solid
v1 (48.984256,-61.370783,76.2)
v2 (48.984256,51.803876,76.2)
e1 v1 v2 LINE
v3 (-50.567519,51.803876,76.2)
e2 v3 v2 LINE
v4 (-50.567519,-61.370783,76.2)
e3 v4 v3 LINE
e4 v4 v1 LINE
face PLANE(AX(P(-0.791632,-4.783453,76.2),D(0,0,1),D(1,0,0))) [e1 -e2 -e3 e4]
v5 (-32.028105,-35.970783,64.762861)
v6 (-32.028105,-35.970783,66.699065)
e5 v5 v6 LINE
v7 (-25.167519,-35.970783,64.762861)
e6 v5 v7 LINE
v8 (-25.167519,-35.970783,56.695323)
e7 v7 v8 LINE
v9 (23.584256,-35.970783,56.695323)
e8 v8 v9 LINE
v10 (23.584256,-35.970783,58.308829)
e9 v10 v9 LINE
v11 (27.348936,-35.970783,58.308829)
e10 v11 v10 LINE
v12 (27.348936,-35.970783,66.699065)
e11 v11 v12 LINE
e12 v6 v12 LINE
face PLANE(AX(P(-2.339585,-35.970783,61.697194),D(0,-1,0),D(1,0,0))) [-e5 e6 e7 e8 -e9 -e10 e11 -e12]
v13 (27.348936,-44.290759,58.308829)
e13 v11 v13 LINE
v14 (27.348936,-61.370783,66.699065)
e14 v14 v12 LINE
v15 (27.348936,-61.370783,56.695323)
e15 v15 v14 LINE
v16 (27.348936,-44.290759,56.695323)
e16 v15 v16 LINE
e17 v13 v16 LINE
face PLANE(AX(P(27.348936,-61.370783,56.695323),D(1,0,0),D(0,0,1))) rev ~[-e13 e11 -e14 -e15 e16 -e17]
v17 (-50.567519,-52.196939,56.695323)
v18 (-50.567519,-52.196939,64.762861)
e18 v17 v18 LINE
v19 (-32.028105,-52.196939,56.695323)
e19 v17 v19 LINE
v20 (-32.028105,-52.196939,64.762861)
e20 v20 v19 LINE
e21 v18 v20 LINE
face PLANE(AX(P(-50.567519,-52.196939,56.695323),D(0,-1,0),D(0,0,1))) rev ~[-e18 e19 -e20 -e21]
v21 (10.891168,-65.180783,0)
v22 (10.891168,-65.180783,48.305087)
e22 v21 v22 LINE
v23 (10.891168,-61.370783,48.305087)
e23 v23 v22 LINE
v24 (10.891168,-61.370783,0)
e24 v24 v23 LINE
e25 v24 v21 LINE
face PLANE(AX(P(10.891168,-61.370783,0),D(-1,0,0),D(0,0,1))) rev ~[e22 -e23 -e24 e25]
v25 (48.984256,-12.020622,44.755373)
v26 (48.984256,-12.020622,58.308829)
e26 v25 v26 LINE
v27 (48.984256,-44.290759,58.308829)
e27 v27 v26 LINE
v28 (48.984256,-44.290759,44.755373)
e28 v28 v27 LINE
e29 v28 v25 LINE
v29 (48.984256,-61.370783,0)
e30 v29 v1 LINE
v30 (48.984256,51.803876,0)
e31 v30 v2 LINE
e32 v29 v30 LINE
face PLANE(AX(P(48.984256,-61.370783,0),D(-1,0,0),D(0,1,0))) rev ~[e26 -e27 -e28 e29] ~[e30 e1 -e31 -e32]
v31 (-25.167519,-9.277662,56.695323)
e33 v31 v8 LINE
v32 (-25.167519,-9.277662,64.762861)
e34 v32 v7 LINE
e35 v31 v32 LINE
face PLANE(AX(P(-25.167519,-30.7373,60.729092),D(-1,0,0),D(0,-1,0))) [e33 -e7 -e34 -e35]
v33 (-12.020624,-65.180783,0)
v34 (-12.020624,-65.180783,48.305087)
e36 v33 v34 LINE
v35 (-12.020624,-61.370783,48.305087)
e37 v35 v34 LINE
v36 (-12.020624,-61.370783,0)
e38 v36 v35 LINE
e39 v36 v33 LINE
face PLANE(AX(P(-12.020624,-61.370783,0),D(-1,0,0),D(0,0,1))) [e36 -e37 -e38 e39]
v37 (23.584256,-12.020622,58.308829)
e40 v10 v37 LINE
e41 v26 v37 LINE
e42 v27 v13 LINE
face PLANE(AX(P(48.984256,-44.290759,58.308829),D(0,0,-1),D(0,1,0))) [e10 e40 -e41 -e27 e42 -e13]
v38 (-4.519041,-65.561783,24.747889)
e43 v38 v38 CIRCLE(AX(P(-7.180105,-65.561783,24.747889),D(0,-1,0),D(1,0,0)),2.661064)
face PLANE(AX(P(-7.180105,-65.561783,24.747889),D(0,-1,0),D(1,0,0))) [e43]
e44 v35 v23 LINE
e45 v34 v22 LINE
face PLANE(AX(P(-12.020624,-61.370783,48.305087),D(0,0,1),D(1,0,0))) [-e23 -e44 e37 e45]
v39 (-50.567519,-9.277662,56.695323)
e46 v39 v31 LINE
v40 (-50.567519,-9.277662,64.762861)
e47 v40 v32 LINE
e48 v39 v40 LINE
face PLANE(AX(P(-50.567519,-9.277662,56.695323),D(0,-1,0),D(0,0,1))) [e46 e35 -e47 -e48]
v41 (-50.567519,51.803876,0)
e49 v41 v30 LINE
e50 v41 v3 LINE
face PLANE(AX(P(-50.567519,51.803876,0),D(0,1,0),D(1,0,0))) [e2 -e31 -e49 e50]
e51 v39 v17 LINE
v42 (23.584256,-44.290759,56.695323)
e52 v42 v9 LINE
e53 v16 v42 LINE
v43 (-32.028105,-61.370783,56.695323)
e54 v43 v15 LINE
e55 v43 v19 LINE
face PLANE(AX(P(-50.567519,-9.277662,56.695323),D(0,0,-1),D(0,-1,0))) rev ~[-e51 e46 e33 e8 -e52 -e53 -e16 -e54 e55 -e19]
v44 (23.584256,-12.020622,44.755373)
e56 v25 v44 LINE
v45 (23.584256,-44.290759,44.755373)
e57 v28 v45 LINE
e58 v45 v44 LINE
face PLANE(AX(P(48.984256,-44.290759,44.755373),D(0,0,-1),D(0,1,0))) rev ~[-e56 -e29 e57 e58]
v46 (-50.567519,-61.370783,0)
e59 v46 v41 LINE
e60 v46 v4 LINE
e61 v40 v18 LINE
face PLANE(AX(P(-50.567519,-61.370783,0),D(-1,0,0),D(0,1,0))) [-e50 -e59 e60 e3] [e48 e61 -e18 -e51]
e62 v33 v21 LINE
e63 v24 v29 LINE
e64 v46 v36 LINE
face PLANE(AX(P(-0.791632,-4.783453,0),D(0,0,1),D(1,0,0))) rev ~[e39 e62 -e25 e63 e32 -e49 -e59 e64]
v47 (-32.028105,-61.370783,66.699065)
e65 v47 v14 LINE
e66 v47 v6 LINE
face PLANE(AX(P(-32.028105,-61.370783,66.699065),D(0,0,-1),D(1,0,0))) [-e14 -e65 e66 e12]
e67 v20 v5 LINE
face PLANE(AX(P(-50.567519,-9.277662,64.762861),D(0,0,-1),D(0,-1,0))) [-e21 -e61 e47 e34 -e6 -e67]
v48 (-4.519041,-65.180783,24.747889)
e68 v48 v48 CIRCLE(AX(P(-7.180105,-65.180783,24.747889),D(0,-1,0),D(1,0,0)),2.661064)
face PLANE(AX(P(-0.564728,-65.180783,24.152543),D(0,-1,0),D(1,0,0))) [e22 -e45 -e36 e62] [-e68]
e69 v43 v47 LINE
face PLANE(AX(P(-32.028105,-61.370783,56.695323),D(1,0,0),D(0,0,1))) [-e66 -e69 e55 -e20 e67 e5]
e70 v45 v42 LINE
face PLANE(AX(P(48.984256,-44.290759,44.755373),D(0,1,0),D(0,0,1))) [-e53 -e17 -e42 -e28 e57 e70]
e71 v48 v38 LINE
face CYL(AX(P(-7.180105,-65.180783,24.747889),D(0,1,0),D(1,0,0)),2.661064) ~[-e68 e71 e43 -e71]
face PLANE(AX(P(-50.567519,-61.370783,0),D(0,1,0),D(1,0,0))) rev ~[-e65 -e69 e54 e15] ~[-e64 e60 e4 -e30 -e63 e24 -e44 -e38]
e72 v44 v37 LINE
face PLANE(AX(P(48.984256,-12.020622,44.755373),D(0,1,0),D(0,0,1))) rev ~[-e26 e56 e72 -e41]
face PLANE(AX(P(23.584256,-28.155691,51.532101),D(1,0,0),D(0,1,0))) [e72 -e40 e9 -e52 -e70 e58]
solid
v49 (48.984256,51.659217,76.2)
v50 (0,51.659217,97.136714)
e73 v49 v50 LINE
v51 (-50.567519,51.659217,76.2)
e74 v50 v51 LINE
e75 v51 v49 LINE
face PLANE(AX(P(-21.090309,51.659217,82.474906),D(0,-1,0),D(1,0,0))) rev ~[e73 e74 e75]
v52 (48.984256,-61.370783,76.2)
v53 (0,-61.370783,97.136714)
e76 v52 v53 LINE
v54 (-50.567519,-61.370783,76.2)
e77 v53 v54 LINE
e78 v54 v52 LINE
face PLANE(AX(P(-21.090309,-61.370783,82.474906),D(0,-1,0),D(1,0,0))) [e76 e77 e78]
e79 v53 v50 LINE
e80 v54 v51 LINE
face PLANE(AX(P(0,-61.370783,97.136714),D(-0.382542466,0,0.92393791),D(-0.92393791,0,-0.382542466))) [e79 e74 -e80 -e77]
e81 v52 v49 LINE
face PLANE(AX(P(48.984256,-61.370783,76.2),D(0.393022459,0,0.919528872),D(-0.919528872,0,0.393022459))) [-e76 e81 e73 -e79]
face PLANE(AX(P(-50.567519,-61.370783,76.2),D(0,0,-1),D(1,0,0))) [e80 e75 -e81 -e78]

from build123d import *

# Parameters (mm, degrees)
F0_W      = 99.5517745614
F0_H      = 113.1746582687
F1_DEPTH  = 76.2
F3_DEPTH  = 113.03
F5_W      = 32.2701362893
F5_H      = 13.553455472
F6_DEPTH  = 25.4
F4_W      = 22.911792621
F4_H      = 48.3050867915
F7_DEPTH  = 3.81
F8_W      = 59.377040714
F8_H      = 10.0037418306
F9_DEPTH  = 25.4
F10_W     = 42.9192762822
F10_H     = 8.0675370991
F11_DEPTH = 25.4
F12_R     = 2.6610637676
F13_DEPTH = 0.381


with BuildPart() as f1:
    # F0 (on Top) → F1 (new body)
    with BuildSketch(Plane.XY):
        with Locations((-0.791631639, -4.7834534198)):
            Rectangle(F0_W, F0_H)
    extrude(amount=F1_DEPTH)

    # F5 (on face) → F6 (cut)
    with BuildSketch(Plane.YZ.offset(48.9842556417)):
        with Locations((-28.1556905247, 51.5321008861)):
            Rectangle(F5_W, F5_H)
    extrude(amount=-F6_DEPTH, mode=Mode.SUBTRACT)

    # F4 (on face) → F7 (join)
    with BuildSketch(Plane.XZ.offset(61.3707825541)):
        with Locations((-0.5647279322, 24.1525433958)):
            Rectangle(F4_W, F4_H)
    extrude(amount=F7_DEPTH)

    # F8 (on face) → F9 (cut)
    with BuildSketch(Plane.XZ.offset(61.3707825541)):
        with Locations((-2.3395847529, 61.6971943527)):
            Rectangle(F8_W, F8_H)
    extrude(amount=-F9_DEPTH, mode=Mode.SUBTRACT)

    # F10 (on face) → F11 (cut)
    with BuildSketch(Plane(origin=(-50.5675189197, 0, 0), x_dir=(0, -1, 0), z_dir=(-1, 0, 0))):
        with Locations((30.7373004034, 60.729091987)):
            Rectangle(F10_W, F10_H)
    extrude(amount=-F11_DEPTH, mode=Mode.SUBTRACT)

    # F12 (on face) → F13 (join)
    with BuildSketch(Plane.XZ.offset(65.1807825541)):
        with Locations((-7.1801049635, 24.7478894889)):
            Circle(F12_R)
    extrude(amount=F13_DEPTH)


with BuildPart() as f3:
    # F2 (on face) → F3 (new body)
    with BuildSketch(Plane.XZ.offset(61.3707825541)):
        Polygon((0, 76.2), (0, 97.1367135644), (-50.5675189197, 76.2), align=None)
        Polygon((48.9842556417, 76.2), (0, 97.1367135644), (0, 76.2), align=None)
    extrude(amount=-F3_DEPTH)


solid = Compound([f1.part, f3.part])
